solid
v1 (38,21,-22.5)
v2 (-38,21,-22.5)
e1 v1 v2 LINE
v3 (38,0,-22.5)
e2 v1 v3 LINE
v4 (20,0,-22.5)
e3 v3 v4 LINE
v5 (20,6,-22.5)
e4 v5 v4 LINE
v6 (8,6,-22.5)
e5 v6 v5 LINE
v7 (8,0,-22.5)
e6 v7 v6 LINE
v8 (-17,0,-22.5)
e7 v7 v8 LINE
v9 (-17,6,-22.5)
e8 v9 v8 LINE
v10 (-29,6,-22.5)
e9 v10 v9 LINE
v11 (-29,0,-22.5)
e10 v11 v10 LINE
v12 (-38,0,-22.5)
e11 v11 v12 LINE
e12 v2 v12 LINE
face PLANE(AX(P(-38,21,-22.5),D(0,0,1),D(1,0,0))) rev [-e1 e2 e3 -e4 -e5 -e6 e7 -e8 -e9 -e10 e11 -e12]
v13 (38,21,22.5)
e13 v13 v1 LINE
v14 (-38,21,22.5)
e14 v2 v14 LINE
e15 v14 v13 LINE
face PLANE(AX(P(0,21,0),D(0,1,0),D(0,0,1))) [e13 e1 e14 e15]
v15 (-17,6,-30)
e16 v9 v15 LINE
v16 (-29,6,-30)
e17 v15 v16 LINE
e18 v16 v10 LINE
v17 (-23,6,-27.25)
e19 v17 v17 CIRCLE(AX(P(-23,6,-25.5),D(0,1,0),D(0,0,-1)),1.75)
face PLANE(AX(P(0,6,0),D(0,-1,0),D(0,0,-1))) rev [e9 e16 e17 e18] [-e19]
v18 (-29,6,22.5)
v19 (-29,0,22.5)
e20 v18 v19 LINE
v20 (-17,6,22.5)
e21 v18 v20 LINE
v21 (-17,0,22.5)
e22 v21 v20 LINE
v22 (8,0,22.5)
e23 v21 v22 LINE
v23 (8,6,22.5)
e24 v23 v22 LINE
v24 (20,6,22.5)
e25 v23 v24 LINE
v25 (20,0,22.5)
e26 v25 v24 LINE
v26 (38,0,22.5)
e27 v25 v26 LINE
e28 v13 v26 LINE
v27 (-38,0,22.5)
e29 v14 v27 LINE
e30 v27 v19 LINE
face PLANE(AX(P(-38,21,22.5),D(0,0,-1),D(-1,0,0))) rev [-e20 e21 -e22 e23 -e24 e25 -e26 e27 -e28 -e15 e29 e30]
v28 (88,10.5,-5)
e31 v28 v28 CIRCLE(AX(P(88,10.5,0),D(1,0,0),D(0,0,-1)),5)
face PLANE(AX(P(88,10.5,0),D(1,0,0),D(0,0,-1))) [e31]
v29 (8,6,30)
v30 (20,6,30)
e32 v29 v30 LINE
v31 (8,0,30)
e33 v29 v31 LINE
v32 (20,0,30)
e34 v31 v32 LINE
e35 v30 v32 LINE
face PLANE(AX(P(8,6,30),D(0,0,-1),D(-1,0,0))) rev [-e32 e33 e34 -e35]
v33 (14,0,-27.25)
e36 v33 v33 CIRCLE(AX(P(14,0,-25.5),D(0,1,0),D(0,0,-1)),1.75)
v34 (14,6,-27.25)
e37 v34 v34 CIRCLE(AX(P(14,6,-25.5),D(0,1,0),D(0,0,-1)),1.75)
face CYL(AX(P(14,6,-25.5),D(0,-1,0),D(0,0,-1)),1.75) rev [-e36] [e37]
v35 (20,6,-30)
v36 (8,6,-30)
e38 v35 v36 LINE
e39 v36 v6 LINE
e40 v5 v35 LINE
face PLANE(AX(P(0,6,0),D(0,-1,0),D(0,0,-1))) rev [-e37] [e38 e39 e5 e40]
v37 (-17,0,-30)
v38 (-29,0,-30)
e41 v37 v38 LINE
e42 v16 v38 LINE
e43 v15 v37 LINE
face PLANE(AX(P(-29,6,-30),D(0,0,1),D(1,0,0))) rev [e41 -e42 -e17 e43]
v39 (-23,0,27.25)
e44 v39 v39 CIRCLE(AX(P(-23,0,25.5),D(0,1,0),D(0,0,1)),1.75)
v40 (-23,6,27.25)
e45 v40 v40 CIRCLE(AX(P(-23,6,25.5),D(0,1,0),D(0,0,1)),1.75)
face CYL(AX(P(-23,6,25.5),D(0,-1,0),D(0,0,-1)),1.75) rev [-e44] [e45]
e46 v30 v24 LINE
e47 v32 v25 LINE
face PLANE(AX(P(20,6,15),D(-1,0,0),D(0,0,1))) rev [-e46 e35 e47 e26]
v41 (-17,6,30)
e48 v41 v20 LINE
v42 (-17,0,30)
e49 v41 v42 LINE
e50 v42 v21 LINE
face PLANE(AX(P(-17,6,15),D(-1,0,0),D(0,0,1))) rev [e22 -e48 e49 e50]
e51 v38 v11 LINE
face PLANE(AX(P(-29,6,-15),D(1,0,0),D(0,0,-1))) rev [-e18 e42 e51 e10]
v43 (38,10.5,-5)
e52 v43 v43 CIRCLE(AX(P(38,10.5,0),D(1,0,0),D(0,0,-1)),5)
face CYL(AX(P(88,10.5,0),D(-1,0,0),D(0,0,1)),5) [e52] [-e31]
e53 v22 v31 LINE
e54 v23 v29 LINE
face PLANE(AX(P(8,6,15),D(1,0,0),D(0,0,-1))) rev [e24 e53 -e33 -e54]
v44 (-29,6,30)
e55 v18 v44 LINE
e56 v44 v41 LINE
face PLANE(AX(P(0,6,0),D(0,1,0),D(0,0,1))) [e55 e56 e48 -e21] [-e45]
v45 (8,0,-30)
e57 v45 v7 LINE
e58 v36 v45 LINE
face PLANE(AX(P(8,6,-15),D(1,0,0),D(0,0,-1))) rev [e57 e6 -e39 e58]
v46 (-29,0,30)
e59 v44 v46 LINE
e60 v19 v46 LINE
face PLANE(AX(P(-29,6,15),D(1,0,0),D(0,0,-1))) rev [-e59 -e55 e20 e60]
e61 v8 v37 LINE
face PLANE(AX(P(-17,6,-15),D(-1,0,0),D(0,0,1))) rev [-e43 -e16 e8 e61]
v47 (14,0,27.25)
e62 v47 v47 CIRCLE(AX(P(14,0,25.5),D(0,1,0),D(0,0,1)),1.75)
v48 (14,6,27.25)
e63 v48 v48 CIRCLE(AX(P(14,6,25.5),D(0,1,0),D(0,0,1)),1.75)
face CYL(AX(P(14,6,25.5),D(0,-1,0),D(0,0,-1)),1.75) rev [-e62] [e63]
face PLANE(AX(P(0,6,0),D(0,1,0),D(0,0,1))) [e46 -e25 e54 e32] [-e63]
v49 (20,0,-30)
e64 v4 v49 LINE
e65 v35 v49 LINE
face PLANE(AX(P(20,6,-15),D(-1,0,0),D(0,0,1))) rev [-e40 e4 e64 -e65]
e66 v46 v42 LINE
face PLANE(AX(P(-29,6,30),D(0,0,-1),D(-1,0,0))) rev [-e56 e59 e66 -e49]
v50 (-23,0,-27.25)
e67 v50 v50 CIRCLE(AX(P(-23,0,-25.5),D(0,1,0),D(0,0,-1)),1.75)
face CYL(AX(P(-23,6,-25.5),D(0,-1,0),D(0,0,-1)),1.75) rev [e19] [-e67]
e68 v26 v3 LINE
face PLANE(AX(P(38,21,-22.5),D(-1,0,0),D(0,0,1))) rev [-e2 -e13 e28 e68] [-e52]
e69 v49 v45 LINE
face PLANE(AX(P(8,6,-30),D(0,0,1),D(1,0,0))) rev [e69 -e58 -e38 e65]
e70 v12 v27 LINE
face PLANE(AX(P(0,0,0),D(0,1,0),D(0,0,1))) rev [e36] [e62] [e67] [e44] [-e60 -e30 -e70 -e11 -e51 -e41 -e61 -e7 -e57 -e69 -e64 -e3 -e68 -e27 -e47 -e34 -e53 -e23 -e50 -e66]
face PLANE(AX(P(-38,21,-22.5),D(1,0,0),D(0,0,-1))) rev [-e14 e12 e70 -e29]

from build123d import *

# Parameters (mm, degrees)
SKETCH_1_W      = 76
SKETCH_1_H      = 45
EXTRUDE_1_DEPTH = 21
SKETCH_2_W      = 12
SKETCH_2_H      = 15
SKETCH_2_R      = 1.75
EXTRUDE_2_DEPTH = 6
SKETCH_3_R      = 5
EXTRUDE_3_DEPTH = 50


with BuildPart() as part:
    # 草图1 → 凸台-拉伸1 (new body)
    with BuildSketch(Plane(origin=(0, 0, 0), x_dir=(1, 0, 0), z_dir=(0, 1, 0))):
        Rectangle(SKETCH_1_W, SKETCH_1_H)
    extrude(amount=EXTRUDE_1_DEPTH)

    # 草图2 → 凸台-拉伸2 (add)
    with BuildSketch(Plane(origin=(0, 0, 0), x_dir=(1, 0, 0), z_dir=(0, 1, 0))):
        with Locations((-23, -22.5)):
            Rectangle(SKETCH_2_W, SKETCH_2_H)
        with Locations((-23, -25.5)):
            Circle(SKETCH_2_R, mode=Mode.SUBTRACT)
        with Locations((14, -22.5)):
            Rectangle(SKETCH_2_W, SKETCH_2_H)
        with Locations((14, -25.5)):
            Circle(SKETCH_2_R, mode=Mode.SUBTRACT)
        with Locations((14, 22.5)):
            Rectangle(SKETCH_2_W, SKETCH_2_H)
        with Locations((14, 25.5)):
            Circle(SKETCH_2_R, mode=Mode.SUBTRACT)
        with Locations((-23, 22.5)):
            Rectangle(SKETCH_2_W, SKETCH_2_H)
        with Locations((-23, 25.5)):
            Circle(SKETCH_2_R, mode=Mode.SUBTRACT)
    extrude(amount=EXTRUDE_2_DEPTH)

    # 草图3 → 凸台-拉伸3 (add)
    with BuildSketch(Plane(origin=(38, 0, 0), x_dir=(0, 0, -1), z_dir=(1, 0, 0))):
        with Locations((0, 10.5)):
            Circle(SKETCH_3_R)
    extrude(amount=EXTRUDE_3_DEPTH)


solid = part.part
